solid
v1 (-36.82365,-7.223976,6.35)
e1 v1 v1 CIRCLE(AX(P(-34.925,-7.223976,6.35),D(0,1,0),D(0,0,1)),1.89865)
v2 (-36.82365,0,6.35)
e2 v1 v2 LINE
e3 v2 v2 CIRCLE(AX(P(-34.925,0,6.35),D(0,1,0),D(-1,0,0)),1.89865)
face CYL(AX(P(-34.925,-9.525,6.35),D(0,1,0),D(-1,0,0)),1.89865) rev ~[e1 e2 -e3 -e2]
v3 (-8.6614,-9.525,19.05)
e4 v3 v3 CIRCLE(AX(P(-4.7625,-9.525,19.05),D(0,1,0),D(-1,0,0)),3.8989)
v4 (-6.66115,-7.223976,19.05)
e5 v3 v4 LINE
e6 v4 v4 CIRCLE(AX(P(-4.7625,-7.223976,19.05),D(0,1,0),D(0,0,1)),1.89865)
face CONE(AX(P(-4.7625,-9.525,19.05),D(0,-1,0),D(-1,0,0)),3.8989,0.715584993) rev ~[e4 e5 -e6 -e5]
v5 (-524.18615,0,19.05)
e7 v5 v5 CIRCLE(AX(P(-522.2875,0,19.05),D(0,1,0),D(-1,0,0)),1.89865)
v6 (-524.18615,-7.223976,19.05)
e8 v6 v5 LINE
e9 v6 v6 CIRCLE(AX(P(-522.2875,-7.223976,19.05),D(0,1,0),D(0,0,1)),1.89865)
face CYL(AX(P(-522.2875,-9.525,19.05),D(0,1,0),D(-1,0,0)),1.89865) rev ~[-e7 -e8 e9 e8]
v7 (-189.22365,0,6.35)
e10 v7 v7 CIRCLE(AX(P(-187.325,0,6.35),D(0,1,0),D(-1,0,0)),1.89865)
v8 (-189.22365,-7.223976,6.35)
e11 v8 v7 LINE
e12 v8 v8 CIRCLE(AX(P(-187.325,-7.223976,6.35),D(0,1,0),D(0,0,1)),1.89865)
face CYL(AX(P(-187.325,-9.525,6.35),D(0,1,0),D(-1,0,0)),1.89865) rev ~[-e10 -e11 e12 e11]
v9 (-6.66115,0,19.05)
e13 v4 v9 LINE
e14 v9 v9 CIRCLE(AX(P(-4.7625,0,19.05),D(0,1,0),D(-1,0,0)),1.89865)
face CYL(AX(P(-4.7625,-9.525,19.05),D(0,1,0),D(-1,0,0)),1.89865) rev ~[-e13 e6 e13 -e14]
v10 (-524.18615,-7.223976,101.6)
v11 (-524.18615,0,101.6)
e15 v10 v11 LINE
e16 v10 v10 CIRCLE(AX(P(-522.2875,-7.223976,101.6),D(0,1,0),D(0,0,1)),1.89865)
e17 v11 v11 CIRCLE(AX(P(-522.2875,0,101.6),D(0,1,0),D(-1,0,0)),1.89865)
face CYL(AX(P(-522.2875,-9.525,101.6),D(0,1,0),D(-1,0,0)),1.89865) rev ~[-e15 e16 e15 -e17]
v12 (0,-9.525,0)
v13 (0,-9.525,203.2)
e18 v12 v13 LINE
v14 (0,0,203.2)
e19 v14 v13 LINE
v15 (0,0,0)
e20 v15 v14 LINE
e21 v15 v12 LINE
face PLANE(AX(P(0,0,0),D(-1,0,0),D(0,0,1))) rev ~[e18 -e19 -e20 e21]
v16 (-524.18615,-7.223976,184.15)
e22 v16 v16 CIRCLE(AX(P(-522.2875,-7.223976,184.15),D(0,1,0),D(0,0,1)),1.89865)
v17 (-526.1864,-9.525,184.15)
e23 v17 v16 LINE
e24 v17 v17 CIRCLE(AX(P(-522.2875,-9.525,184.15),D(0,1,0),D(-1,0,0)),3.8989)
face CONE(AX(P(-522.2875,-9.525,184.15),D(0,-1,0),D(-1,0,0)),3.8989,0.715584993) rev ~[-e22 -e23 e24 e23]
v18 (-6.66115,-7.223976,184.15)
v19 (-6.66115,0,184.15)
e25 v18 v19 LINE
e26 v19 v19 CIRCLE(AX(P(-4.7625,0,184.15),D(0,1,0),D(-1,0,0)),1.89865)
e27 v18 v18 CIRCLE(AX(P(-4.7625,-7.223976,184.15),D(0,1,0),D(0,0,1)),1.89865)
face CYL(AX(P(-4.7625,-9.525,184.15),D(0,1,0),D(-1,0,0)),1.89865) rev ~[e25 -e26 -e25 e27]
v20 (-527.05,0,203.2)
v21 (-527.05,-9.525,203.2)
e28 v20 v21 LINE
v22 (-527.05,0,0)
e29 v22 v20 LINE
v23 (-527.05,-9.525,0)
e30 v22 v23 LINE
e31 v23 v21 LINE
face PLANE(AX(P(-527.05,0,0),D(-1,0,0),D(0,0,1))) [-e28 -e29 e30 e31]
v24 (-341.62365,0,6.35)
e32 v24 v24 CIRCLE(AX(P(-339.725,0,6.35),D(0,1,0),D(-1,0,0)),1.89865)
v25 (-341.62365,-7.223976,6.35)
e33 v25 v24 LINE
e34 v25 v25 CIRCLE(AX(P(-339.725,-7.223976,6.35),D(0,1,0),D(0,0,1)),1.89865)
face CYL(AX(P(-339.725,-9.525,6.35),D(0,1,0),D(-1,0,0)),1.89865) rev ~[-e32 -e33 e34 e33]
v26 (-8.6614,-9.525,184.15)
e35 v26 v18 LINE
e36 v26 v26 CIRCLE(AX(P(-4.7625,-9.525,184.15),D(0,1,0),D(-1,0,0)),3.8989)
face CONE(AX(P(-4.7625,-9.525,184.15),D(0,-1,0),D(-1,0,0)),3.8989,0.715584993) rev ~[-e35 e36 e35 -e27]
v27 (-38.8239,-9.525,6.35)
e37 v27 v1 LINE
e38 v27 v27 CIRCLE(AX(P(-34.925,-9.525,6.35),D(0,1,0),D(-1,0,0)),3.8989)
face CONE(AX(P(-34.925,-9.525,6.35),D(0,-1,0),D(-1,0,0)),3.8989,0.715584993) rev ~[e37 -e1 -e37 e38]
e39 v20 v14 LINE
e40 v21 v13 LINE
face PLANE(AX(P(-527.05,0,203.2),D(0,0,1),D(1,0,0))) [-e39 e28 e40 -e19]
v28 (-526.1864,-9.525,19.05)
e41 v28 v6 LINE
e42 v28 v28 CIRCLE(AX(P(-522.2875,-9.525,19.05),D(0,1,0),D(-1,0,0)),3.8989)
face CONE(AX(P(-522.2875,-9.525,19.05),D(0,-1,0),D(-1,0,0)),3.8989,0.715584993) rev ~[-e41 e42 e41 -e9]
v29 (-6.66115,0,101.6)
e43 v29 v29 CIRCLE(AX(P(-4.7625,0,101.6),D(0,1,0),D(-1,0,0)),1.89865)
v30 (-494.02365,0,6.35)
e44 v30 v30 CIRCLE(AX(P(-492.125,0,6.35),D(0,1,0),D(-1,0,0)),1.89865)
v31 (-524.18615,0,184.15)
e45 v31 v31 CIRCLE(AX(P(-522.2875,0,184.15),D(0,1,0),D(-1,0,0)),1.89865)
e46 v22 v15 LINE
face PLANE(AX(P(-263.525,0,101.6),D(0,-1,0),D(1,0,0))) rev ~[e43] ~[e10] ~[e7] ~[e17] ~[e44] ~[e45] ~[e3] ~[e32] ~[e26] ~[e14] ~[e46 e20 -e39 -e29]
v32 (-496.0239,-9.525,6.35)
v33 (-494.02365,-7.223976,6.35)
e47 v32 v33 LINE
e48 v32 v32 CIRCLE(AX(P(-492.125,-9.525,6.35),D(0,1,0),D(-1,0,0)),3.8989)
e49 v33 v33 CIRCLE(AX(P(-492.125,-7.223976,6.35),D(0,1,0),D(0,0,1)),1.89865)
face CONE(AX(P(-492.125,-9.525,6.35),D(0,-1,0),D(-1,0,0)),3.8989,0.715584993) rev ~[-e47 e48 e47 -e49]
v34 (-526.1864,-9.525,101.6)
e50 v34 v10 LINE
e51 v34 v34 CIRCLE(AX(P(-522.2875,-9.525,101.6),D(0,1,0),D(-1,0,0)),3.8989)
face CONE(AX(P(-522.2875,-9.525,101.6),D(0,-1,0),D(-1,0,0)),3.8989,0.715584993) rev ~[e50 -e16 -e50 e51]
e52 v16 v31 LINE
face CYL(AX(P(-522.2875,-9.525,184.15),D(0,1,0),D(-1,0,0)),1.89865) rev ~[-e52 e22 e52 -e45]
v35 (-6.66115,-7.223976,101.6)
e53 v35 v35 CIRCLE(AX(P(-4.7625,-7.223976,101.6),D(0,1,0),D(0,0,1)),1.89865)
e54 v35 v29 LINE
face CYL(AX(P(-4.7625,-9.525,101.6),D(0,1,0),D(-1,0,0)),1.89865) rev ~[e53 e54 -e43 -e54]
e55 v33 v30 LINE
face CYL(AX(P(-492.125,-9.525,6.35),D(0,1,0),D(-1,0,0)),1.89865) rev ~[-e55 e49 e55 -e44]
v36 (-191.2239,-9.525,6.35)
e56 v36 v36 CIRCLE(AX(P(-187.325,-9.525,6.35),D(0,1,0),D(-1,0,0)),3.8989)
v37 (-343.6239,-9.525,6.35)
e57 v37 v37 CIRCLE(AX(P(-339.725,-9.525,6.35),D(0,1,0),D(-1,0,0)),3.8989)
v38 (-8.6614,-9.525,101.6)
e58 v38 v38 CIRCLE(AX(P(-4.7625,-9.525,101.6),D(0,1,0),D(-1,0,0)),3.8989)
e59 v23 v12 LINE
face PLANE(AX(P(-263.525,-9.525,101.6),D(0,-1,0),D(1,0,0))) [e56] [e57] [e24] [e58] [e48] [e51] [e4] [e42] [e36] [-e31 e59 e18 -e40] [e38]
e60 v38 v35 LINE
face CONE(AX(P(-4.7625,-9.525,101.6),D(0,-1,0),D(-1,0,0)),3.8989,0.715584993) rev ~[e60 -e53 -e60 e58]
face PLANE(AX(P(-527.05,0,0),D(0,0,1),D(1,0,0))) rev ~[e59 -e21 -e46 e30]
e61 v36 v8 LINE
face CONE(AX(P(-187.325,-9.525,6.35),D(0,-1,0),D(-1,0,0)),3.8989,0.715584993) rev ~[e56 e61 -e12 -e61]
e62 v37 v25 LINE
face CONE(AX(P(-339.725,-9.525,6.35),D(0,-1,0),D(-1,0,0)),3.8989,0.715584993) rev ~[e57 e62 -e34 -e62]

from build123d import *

# Parameters (mm, degrees)
F0_W           = 527.05
F0_H           = 203.2
F1_DEPTH       = 9.525
F3_D           = 3.7973
F3_DEPTH       = 13.49375
F3_CSINK_D     = 7.7978
F3_CSINK_ANGLE = 82
F3_TIP         = 1.1408240143


with BuildPart() as f1:
    # F0 (on Front) → F1 (new body)
    with BuildSketch(Plane.XZ):
        with Locations((-263.525, 101.6)):
            Rectangle(F0_W, F0_H)
    extrude(amount=F1_DEPTH)

    # F3
    with Locations(Plane.XZ.offset(9.525)):
        with Locations((-522.2875, 184.15), (-522.2875, 101.6), (-522.2875, 19.05), (-492.125, 6.35), (-339.725, 6.35), (-187.325, 6.35), (-34.925, 6.35), (-4.7625, 19.05), (-4.7625, 101.6), (-4.7625, 184.15)):
            CounterSinkHole(F3_D / 2, F3_CSINK_D / 2, depth=F3_DEPTH, counter_sink_angle=F3_CSINK_ANGLE)
            with Locations((0, 0, -(F3_DEPTH + F3_TIP / 2))):  # 118° drill point
                Cone(0, F3_D / 2, F3_TIP, mode=Mode.SUBTRACT)


solid = f1.part
